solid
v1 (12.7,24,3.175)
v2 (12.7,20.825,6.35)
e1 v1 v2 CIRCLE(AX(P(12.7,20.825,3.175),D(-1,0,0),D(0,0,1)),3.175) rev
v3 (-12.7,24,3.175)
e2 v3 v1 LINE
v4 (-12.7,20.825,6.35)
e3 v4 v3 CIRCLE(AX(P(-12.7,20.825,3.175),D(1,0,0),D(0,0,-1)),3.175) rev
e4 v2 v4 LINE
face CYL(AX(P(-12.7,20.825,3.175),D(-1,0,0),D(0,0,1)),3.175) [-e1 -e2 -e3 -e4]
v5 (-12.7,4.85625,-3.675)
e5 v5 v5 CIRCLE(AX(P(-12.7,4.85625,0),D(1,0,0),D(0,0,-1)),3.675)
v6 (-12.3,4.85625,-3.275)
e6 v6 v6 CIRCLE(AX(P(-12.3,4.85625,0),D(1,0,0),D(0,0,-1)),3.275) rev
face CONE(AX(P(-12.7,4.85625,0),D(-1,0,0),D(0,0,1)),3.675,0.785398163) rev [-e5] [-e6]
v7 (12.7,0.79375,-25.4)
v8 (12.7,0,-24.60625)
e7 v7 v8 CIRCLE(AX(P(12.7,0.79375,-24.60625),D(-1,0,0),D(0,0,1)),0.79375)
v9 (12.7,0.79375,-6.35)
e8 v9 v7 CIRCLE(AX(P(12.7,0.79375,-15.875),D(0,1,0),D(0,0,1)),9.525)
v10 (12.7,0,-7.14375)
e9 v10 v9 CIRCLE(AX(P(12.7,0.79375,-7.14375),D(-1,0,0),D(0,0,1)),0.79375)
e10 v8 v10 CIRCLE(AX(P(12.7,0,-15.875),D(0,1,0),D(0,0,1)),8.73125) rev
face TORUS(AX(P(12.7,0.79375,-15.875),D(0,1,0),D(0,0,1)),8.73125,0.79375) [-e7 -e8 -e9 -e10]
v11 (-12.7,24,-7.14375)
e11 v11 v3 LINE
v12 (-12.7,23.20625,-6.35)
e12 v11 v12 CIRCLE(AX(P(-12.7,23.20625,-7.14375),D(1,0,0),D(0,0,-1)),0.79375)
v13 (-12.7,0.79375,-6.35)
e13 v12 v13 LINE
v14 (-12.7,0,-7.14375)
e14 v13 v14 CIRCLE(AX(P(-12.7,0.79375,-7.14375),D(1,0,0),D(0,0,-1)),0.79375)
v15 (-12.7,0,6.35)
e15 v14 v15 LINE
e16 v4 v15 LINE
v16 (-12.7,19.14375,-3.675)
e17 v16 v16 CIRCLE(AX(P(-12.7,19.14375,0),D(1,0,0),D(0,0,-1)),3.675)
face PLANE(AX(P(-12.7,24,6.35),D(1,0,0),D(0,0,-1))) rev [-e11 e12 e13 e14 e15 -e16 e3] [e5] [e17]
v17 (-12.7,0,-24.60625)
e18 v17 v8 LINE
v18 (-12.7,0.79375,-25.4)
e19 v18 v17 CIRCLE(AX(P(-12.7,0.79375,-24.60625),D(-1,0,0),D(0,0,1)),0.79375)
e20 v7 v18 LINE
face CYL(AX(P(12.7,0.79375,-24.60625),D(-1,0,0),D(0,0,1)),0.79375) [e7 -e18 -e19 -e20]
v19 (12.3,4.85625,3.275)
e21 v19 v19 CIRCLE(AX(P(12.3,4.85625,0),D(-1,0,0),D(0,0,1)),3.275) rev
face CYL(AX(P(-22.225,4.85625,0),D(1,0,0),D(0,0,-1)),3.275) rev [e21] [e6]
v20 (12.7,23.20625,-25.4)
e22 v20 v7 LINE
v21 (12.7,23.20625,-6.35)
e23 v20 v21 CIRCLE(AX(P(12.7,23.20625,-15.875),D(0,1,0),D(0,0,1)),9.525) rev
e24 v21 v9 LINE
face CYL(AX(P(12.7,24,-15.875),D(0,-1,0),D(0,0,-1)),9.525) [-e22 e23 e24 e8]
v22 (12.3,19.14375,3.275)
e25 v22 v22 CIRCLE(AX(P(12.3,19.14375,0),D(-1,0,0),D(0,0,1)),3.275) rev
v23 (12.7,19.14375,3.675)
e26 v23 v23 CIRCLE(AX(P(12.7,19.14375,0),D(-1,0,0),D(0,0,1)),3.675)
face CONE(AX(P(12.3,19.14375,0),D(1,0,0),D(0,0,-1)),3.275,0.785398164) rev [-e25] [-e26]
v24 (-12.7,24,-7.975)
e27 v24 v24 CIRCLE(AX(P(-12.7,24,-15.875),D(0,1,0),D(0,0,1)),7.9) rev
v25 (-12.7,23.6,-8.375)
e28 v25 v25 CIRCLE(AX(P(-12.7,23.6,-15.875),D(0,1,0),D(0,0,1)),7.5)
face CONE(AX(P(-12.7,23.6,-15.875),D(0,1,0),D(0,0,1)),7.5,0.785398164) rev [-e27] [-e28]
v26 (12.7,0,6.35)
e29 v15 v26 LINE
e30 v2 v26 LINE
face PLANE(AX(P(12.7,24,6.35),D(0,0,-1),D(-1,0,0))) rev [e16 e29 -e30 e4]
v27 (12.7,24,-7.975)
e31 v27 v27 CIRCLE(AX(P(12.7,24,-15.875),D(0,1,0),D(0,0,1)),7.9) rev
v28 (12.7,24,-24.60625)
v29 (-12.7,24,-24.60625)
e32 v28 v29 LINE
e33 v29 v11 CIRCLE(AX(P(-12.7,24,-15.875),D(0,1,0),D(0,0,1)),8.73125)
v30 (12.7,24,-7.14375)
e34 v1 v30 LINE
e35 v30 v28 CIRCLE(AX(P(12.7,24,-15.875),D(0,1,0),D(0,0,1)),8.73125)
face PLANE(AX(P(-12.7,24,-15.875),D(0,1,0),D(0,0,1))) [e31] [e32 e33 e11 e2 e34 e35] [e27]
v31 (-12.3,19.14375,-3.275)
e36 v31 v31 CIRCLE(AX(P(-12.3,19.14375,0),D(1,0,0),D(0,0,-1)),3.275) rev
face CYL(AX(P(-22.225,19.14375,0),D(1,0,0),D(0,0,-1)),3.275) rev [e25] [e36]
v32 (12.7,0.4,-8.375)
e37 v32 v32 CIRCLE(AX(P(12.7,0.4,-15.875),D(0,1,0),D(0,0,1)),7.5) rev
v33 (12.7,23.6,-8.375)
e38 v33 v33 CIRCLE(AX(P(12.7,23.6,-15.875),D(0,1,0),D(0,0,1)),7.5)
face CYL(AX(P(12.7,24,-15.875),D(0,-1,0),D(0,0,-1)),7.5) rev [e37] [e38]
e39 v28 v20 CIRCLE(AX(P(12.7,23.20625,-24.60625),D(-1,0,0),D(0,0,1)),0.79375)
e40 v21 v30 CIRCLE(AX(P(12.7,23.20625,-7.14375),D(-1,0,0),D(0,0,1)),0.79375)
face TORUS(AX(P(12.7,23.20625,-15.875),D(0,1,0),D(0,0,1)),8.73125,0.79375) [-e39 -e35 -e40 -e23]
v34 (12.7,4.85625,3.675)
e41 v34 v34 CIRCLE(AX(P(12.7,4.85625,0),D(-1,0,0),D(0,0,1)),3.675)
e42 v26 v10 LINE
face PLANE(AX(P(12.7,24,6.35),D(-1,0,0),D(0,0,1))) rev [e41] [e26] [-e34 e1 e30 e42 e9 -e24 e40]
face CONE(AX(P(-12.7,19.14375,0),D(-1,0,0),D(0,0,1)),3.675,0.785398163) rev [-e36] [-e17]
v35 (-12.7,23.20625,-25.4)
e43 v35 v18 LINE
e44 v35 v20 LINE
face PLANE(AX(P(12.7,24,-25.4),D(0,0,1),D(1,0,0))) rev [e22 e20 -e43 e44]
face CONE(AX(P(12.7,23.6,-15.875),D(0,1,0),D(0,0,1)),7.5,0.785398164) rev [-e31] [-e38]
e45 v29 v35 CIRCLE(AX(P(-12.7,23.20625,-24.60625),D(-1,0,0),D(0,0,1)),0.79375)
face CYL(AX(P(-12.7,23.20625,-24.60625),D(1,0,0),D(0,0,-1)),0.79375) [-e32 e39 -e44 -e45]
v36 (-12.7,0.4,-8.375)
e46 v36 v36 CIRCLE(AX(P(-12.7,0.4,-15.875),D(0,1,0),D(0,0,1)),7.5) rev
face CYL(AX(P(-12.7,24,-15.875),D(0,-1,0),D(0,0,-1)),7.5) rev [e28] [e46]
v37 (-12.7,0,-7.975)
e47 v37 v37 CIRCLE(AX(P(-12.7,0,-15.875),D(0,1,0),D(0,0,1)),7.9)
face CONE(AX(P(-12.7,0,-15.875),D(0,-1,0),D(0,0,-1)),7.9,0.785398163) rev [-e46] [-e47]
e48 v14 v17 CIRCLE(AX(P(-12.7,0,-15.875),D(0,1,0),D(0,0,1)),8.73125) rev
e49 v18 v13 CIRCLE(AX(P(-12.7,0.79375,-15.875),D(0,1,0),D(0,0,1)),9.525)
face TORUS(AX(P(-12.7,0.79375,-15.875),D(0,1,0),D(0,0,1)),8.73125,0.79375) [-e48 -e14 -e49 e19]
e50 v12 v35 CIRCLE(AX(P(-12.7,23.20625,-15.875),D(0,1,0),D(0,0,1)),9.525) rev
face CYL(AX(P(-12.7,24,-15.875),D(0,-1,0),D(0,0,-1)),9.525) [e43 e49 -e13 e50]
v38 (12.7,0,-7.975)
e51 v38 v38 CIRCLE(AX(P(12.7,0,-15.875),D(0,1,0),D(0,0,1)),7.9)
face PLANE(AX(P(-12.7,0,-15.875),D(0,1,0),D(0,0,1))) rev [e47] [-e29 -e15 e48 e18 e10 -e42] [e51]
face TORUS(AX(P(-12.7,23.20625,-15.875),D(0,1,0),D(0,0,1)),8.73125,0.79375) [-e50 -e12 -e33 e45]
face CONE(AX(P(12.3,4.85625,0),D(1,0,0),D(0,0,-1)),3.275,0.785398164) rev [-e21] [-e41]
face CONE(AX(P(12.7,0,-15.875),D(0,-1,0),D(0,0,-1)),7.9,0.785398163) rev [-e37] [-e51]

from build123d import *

# Parameters (mm, degrees)
SKETCH1_R           = 7.5
BOSS_EXTRUDE1_DEPTH = 24
CHAMFER1_SIZE       = 0.4
FILLET2_R           = 3.175
SKETCH2_R           = 3.275
CUT_EXTRUDE1_DEPTH  = 50.405623415
CHAMFER2_SIZE       = 0.4
FILLET3_R           = 0.79375


with BuildPart() as part:
    # Sketch1 → Boss-Extrude1 (new body)
    with BuildSketch(Plane(origin=(0, 0, 0), x_dir=(1, 0, 0), z_dir=(0, 1, 0))):
        with BuildLine():
            Line((12.7, -6.35), (-12.7, -6.35))
            Line((-12.7, -6.35), (-12.7, 6.35))
            ThreePointArc((-12.7, 6.35), (-22.225, 15.875), (-12.7, 25.4))
            Line((-12.7, 25.4), (12.7, 25.4))
            ThreePointArc((12.7, 25.4), (22.225, 15.875), (12.7, 6.35))
            Line((12.7, 6.35), (12.7, -6.35))
        make_face()
        with Locations(Location((-12.7, 15.875, 0), (0, 0, 270))):
            Circle(SKETCH1_R, mode=Mode.SUBTRACT)
        with Locations(Location((12.7, 15.875, 0), (0, 0, 90))):
            Circle(SKETCH1_R, mode=Mode.SUBTRACT)
    extrude(amount=BOSS_EXTRUDE1_DEPTH)

    # Chamfer1
    chamfer1_edges = [part.edges().sort_by_distance(p)[0] for p in [
        (-12.7, 0, -23.375),
        (-12.7, 24, -23.375),
        (12.7, 0, -8.375),
        (12.7, 24, -8.375),
    ]]
    chamfer(chamfer1_edges, length=CHAMFER1_SIZE)

    # Fillet2
    fillet2_edges = [part.edges().sort_by_distance(p)[0] for p in [
        (0, 24, 6.35),
    ]]
    fillet(fillet2_edges, radius=FILLET2_R)

    # Sketch2 → Cut-Extrude1 (cut, through all)
    with BuildSketch(Plane(origin=(12.7, 0, 0), x_dir=(0, 0, -1), z_dir=(1, 0, 0))):
        with Locations((0, 19.14375)):
            Circle(SKETCH2_R)
        with Locations((0, 4.85625)):
            Circle(SKETCH2_R)
    extrude(amount=-CUT_EXTRUDE1_DEPTH, mode=Mode.SUBTRACT)

    # Chamfer2
    chamfer2_edges = [part.edges().sort_by_distance(p)[0] for p in [
        (-12.7, 19.14375, 3.275),
        (12.7, 19.14375, 3.275),
        (-12.7, 4.85625, 3.275),
        (12.7, 4.85625, 3.275),
    ]]
    chamfer(chamfer2_edges, length=CHAMFER2_SIZE)

    # Fillet3
    fillet3_edges = [part.edges().sort_by_distance(p)[0] for p in [
        (22.225, 24, -15.875),
        (0, 24, -25.4),
        (-22.225, 24, -15.875),
        (0, 0, -25.4),
        (22.225, 0, -15.875),
        (-22.225, 0, -15.875),
    ]]
    fillet(fillet3_edges, radius=FILLET3_R)


solid = part.part
